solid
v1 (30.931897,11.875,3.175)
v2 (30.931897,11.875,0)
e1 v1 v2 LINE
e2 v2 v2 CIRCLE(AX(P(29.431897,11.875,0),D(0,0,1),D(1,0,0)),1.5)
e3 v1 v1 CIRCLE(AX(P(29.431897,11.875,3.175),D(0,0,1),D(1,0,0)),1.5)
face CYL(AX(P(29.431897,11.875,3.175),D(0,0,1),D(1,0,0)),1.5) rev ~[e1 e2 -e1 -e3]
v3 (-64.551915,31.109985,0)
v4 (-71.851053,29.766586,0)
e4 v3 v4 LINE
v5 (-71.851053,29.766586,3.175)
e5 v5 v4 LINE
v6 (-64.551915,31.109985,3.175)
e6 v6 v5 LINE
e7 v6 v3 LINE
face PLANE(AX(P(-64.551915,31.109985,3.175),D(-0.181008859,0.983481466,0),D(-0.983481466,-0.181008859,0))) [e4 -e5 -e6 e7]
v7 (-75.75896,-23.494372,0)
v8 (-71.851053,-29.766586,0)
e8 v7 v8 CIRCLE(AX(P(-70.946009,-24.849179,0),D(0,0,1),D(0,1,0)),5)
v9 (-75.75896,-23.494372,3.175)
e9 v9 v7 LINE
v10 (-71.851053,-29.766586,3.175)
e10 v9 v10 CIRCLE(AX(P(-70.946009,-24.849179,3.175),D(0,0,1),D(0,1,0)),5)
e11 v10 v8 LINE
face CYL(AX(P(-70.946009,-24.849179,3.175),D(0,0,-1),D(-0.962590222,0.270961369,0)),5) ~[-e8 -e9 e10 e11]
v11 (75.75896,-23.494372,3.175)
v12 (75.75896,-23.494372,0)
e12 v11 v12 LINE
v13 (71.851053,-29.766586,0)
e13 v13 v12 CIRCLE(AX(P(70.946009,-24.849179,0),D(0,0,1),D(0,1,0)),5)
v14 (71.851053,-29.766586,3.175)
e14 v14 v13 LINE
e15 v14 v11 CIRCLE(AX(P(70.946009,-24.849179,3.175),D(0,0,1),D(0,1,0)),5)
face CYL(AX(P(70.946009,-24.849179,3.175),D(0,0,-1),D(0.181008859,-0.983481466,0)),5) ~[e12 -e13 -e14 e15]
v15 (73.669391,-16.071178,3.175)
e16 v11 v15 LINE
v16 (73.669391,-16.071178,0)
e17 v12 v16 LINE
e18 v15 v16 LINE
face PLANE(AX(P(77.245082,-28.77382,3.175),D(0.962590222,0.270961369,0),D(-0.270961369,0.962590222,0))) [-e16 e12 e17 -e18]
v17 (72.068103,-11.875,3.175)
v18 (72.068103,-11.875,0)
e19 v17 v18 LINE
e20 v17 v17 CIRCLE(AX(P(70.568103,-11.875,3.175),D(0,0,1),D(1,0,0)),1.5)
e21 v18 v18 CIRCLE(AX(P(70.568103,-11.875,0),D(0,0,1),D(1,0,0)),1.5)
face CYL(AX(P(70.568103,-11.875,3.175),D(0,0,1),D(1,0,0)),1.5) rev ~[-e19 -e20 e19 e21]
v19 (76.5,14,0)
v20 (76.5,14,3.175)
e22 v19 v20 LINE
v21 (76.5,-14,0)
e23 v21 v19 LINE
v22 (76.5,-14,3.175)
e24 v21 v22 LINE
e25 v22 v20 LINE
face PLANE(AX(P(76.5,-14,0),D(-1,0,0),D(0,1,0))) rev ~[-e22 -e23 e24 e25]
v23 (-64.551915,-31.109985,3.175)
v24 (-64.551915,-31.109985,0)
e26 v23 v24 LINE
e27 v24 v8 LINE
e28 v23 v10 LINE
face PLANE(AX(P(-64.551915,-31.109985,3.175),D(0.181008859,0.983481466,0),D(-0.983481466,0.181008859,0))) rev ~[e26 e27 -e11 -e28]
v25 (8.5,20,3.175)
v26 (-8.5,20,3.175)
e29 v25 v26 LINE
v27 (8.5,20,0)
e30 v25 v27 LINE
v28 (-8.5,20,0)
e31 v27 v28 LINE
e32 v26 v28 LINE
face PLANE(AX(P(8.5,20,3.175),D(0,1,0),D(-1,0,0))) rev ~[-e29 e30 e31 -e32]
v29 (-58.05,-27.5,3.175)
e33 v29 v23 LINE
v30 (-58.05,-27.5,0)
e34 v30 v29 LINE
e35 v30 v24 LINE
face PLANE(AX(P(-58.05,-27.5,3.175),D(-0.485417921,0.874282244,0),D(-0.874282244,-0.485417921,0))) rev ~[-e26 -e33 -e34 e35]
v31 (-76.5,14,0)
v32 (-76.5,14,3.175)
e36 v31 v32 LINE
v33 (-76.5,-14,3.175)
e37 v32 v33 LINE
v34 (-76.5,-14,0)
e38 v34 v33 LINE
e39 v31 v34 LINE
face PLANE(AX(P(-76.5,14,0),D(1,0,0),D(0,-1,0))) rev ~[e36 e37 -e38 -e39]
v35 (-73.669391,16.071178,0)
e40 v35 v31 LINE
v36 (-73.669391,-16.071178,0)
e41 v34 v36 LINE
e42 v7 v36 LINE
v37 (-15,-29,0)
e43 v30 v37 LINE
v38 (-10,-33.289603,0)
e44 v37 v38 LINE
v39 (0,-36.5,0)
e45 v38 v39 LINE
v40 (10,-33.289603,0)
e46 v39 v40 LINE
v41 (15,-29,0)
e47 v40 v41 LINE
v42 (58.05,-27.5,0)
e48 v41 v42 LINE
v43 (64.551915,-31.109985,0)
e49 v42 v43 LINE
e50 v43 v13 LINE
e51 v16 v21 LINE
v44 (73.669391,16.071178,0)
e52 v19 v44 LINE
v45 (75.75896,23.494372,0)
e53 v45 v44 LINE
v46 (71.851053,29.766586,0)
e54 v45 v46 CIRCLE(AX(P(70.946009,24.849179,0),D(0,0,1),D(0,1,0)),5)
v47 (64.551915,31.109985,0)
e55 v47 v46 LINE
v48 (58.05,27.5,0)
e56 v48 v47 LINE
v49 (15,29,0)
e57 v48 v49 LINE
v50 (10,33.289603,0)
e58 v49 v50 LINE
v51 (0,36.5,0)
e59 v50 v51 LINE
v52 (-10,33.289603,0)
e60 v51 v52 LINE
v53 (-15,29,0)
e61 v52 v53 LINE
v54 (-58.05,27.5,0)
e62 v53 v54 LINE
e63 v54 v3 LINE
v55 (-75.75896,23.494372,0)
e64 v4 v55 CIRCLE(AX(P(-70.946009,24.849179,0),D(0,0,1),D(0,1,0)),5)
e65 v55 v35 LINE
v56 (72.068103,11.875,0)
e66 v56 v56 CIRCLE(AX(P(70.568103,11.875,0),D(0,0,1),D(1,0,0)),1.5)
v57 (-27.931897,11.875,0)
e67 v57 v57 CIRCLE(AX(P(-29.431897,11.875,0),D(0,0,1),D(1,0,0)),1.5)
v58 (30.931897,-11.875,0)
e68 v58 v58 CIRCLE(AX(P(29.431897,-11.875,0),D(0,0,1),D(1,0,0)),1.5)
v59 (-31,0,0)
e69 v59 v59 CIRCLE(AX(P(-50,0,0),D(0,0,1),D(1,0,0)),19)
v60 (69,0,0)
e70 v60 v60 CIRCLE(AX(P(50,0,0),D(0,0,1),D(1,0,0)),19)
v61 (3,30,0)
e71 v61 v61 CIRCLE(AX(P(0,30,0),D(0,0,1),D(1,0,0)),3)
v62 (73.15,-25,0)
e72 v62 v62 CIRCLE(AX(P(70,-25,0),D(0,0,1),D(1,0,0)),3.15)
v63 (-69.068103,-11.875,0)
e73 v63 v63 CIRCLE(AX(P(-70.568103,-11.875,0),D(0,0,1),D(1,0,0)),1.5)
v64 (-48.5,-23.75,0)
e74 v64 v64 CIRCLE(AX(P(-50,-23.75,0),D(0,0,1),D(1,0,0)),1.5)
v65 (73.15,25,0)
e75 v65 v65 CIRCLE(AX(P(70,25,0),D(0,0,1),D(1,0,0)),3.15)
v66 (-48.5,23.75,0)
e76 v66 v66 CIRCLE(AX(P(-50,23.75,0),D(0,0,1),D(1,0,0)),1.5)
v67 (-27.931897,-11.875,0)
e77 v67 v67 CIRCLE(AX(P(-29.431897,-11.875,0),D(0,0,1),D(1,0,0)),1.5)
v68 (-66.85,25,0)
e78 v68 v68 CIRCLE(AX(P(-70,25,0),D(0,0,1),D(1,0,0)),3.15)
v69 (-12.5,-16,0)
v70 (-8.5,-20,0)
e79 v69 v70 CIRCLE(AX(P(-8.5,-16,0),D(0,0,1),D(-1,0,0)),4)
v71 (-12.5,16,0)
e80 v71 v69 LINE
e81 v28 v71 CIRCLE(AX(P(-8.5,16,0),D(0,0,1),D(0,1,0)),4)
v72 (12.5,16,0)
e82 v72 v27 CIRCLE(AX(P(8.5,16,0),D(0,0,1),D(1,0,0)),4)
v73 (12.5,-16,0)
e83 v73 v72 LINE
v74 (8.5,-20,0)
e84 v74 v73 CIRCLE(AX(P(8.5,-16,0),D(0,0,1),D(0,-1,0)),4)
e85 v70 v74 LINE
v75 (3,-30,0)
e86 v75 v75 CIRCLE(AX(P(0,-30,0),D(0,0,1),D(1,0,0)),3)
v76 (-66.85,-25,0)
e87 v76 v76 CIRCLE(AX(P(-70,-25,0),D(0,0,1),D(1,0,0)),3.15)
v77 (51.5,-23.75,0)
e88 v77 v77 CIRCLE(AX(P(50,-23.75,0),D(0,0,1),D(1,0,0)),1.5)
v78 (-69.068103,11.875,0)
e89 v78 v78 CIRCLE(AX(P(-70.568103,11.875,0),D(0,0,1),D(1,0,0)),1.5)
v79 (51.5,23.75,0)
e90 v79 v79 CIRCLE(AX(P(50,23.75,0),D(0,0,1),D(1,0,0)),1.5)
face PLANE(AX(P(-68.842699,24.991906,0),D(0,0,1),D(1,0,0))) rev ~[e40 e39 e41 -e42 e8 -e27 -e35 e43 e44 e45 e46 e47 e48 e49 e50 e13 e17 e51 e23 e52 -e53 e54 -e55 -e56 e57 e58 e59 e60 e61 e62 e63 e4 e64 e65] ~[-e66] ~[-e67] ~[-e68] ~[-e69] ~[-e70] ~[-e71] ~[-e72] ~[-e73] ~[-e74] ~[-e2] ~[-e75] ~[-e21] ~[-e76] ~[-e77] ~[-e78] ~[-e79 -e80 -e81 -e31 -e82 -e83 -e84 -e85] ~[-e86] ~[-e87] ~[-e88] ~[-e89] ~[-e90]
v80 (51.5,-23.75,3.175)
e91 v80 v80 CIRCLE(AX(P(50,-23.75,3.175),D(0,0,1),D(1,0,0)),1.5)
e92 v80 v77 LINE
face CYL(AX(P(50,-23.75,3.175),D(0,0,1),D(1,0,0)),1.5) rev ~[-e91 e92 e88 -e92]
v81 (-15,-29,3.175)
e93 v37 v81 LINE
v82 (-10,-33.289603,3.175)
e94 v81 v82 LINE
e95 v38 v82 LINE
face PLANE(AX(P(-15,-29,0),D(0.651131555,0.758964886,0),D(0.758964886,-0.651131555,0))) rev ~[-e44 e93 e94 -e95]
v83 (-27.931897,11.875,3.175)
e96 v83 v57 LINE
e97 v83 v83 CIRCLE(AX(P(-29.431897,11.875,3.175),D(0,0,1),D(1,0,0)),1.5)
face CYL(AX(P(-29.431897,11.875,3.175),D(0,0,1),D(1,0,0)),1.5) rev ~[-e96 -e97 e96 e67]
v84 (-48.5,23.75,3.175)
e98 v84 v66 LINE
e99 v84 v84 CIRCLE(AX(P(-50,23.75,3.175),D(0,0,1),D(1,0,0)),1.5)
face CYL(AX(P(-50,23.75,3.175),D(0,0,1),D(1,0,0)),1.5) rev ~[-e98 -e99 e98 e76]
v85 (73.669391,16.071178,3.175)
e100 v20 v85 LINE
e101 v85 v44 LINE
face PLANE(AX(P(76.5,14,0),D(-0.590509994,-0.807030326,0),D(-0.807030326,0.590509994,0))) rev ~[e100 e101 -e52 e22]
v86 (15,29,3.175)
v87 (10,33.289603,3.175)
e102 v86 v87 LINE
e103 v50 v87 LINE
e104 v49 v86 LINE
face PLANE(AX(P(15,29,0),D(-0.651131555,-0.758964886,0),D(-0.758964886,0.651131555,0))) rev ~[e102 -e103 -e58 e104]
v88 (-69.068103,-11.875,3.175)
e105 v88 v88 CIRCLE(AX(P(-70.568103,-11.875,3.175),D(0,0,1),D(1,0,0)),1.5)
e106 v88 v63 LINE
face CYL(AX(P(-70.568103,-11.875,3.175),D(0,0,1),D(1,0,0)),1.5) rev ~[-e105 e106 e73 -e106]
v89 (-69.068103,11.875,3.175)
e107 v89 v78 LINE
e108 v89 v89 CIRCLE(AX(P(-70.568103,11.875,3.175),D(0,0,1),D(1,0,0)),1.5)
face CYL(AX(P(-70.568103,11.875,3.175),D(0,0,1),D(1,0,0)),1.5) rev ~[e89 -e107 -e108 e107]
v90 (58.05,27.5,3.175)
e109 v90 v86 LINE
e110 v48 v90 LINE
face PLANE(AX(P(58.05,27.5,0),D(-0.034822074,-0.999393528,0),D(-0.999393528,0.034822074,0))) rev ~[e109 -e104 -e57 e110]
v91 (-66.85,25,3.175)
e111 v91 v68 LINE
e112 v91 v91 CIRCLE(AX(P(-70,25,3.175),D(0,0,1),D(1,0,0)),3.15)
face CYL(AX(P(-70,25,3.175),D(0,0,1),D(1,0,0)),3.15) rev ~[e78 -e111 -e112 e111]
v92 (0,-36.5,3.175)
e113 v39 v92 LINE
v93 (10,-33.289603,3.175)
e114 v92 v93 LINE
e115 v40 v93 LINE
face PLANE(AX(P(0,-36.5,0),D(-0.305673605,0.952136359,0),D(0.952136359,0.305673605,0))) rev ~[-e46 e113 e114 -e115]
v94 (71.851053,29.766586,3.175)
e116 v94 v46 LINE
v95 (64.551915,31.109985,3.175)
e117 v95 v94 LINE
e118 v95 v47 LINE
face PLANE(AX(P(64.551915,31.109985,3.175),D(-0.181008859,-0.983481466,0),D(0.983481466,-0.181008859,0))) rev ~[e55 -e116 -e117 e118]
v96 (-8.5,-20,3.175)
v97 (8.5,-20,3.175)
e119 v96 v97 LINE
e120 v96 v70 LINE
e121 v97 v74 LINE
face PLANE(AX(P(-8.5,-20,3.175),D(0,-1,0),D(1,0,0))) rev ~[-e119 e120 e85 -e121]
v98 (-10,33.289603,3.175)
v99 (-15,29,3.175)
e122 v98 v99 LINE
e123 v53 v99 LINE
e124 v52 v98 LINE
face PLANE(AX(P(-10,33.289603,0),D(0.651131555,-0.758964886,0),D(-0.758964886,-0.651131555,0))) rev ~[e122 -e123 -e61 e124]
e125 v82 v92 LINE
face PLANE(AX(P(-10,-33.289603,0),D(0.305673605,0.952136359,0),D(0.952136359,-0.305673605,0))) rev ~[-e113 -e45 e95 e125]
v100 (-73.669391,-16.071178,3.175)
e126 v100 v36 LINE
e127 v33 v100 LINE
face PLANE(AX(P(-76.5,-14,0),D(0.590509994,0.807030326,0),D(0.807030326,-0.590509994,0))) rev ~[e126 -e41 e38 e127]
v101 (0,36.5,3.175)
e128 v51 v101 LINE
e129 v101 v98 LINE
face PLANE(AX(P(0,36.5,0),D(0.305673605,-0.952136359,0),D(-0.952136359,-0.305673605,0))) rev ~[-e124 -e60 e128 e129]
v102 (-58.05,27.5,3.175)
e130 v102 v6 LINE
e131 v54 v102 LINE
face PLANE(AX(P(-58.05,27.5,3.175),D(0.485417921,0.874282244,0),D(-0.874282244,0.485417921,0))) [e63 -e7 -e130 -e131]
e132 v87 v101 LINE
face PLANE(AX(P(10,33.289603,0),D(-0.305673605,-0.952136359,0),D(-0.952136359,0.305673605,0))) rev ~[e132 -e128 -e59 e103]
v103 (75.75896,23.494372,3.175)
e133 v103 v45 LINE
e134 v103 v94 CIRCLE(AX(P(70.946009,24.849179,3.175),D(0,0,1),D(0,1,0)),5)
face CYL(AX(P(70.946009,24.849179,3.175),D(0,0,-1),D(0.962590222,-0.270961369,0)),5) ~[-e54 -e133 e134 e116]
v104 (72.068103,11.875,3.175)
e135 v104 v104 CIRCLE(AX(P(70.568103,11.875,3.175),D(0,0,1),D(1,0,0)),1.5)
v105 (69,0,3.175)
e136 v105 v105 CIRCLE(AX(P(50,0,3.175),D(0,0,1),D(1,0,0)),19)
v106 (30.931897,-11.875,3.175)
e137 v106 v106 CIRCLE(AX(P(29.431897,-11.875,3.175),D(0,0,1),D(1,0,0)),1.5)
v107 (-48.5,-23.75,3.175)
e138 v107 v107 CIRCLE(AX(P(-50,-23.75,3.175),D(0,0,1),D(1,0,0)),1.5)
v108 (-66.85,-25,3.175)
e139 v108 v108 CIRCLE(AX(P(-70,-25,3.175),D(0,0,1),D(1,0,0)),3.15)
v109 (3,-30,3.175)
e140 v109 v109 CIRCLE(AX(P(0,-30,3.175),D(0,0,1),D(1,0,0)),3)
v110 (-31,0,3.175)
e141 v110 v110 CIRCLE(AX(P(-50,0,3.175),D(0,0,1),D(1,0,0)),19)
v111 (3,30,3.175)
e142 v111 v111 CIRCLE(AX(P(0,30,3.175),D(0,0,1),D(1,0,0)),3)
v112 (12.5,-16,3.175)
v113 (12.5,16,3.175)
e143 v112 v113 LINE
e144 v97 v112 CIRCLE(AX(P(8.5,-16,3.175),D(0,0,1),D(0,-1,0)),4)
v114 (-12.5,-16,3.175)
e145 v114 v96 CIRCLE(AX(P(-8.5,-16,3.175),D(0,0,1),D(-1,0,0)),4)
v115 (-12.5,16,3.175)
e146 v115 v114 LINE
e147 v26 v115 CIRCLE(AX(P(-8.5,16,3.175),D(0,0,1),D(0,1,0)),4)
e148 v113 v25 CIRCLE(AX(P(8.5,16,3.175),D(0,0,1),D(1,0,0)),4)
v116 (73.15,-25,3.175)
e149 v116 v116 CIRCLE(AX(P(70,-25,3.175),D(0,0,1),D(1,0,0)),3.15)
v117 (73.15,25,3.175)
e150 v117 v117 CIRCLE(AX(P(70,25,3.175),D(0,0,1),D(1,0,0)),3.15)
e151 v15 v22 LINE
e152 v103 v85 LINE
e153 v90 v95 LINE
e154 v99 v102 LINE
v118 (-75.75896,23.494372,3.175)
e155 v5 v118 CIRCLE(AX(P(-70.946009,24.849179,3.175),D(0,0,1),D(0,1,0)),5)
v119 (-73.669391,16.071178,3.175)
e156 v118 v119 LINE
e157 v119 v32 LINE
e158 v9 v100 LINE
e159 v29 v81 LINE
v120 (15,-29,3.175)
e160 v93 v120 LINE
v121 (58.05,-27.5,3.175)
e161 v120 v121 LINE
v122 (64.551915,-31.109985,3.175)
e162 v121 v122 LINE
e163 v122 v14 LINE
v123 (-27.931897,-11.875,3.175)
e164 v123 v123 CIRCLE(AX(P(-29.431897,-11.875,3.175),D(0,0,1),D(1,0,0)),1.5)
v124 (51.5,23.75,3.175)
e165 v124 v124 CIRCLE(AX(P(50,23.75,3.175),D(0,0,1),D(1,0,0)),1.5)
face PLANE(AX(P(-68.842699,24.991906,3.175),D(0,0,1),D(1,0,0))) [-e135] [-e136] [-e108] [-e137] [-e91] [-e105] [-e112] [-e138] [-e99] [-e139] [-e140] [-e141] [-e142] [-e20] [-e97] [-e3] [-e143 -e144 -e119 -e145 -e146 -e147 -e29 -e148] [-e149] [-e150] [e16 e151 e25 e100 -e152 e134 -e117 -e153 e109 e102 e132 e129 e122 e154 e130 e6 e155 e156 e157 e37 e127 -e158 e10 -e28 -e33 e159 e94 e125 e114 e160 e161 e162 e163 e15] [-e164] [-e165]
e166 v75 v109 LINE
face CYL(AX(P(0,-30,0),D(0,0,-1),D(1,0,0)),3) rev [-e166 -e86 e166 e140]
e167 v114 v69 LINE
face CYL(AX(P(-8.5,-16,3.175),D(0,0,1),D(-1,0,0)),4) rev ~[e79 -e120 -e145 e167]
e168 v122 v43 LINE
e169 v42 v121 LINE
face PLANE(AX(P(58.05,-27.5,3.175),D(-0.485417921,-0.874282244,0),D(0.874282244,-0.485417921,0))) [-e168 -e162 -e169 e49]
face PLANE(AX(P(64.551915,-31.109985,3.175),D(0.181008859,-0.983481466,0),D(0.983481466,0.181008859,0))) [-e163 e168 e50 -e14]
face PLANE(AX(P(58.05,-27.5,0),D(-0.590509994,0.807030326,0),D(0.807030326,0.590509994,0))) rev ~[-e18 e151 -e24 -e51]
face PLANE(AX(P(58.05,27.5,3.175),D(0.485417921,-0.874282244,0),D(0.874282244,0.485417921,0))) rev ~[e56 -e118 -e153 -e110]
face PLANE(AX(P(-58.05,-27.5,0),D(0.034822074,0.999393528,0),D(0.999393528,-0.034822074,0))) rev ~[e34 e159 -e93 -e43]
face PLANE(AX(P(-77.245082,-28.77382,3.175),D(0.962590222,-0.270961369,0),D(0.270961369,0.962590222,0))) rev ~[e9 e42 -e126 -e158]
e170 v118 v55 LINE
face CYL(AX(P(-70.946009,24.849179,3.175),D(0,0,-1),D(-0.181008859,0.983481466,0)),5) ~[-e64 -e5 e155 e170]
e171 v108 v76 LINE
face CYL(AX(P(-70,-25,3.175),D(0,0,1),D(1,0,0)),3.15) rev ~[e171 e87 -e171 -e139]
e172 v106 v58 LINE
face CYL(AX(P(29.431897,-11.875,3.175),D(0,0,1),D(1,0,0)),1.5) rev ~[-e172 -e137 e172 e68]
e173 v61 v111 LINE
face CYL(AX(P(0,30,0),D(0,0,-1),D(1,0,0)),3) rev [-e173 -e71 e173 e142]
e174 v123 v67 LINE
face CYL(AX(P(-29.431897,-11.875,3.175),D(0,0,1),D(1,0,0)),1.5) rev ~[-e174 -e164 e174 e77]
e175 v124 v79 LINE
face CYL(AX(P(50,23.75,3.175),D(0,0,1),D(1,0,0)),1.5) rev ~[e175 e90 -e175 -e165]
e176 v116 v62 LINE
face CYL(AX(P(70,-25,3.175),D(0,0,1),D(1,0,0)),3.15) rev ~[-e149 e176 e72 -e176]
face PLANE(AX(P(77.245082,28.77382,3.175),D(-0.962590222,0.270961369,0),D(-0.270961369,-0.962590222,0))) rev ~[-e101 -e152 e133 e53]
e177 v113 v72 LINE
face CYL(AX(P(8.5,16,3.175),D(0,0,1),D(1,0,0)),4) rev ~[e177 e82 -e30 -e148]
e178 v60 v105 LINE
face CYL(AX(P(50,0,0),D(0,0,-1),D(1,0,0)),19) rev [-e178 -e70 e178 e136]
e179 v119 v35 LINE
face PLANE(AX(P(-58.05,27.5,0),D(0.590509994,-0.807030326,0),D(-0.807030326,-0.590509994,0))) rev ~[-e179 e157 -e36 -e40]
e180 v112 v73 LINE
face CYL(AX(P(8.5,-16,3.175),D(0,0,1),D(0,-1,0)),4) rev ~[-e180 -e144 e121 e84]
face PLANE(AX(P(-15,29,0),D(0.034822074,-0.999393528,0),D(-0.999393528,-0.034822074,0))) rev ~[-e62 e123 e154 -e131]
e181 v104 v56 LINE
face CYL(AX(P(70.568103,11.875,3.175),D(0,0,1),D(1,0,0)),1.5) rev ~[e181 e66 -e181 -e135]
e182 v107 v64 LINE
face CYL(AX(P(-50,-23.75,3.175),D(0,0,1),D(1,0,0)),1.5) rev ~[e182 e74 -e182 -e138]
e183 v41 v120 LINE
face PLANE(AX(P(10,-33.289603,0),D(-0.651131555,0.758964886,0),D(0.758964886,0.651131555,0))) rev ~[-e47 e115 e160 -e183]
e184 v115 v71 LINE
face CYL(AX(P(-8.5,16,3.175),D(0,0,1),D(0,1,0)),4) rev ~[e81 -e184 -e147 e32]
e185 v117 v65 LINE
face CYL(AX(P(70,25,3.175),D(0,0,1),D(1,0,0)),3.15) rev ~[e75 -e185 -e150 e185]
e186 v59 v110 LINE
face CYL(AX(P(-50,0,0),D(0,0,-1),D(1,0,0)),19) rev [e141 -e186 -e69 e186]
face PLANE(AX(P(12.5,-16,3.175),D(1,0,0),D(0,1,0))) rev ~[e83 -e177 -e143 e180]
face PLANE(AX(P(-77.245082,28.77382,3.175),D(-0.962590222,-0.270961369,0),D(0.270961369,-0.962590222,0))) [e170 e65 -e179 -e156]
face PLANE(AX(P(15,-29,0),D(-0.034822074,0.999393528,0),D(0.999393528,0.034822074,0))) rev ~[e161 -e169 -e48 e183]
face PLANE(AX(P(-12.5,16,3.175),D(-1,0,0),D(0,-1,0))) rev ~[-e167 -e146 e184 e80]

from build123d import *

# Parameters (mm, degrees)
SKETCH1_R           = 3
SKETCH1_R_2         = 19
BOSS_EXTRUDE1_DEPTH = 3.175
CUT_EXTRUDE1_DEPTH  = 4.175
SKETCH3_R           = 3.15
BOSS_EXTRUDE2_DEPTH = 3.175
FILLET1_R           = 5
SKETCH4_R           = 1.5
CUT_EXTRUDE2_DEPTH  = 4.175


with BuildPart() as part:
    # Sketch1 → Boss-Extrude1 (new body)
    with BuildSketch(Plane.XY):
        Polygon((0, 36.5), (-10, 33.28960264), (-15, 29), (-58.05, 27.5), (-76.5, 14), (-76.5, -14), (-58.05, -27.5), (-15, -29), (-10, -33.28960264), (0, -36.5), (10, -33.28960264), (15, -29), (58.05, -27.5), (76.5, -14), (76.5, 14), (58.05, 27.5), (15, 29), (10, 33.28960264), align=None)
        with Locations((0, 30)):
            Circle(SKETCH1_R, mode=Mode.SUBTRACT)
        with Locations((-50, 0)):
            Circle(SKETCH1_R_2, mode=Mode.SUBTRACT)
        with Locations((50, 0)):
            Circle(SKETCH1_R_2, mode=Mode.SUBTRACT)
        with Locations((0, -30)):
            Circle(SKETCH1_R, mode=Mode.SUBTRACT)
    extrude(amount=BOSS_EXTRUDE1_DEPTH)

    # Sketch2 → Cut-Extrude1 (cut, through all)
    with BuildSketch(Plane.XY.offset(3.175)):
        with BuildLine():
            Line((8.5, 20), (-8.5, 20))
            ThreePointArc((-8.5, 20), (-11.328427125, 18.828427125), (-12.5, 16))
            Line((-12.5, 16), (-12.5, -16))
            ThreePointArc((-12.5, -16), (-11.328427125, -18.828427125), (-8.5, -20))
            Line((-8.5, -20), (8.5, -20))
            ThreePointArc((8.5, -20), (11.328427125, -18.828427125), (12.5, -16))
            Line((12.5, -16), (12.5, 16))
            ThreePointArc((12.5, 16), (11.328427125, 18.828427125), (8.5, 20))
        make_face()
    extrude(amount=-CUT_EXTRUDE1_DEPTH, mode=Mode.SUBTRACT)

    # Sketch3 → Boss-Extrude2 (add)
    with BuildSketch(Plane.XY.offset(3.175)):
        Polygon((-58.05, 27.5), (-64.551915182, 31.10998542), (-77.245081729, 28.773819798), (-73.669390597, 16.071177612), align=None)
        with Locations((-70, 25)):
            Circle(SKETCH3_R, mode=Mode.SUBTRACT)
        Polygon((73.669390597, 16.071177612), (58.05, 27.5), (64.551915182, 31.10998542), (77.245081729, 28.773819798), align=None)
        with Locations((70, 25)):
            Circle(SKETCH3_R, mode=Mode.SUBTRACT)
        Polygon((58.05, -27.5), (64.551915182, -31.10998542), (77.245081729, -28.773819798), (73.669390597, -16.071177612), align=None)
        with Locations((70, -25)):
            Circle(SKETCH3_R, mode=Mode.SUBTRACT)
        Polygon((-73.669390597, -16.071177612), (-58.05, -27.5), (-64.551915182, -31.10998542), (-77.245081729, -28.773819798), align=None)
        with Locations((-70, -25)):
            Circle(SKETCH3_R, mode=Mode.SUBTRACT)
    extrude(amount=-BOSS_EXTRUDE2_DEPTH)

    # Fillet1
    fillet1_edges = [part.edges().sort_by_distance(p)[0] for p in [
        (77.245081729, 28.773819798, 1.5875),
        (77.245081729, -28.773819798, 1.5875),
        (-77.245081729, -28.773819798, 1.5875),
        (-77.245081729, 28.773819798, 1.5875),
    ]]
    fillet(fillet1_edges, radius=FILLET1_R)

    # Sketch4 → Cut-Extrude2 (cut, through all)
    with BuildSketch(Plane.XY.offset(3.175)):
        with Locations((-50, 23.75)):
            Circle(SKETCH4_R)
        with Locations((-70.56810334, 11.875)):
            Circle(SKETCH4_R)
        with Locations((-70.56810334, -11.875)):
            Circle(SKETCH4_R)
        with Locations((-50, -23.75)):
            Circle(SKETCH4_R)
        with Locations((-29.43189666, -11.875)):
            Circle(SKETCH4_R)
        with Locations((-29.43189666, 11.875)):
            Circle(SKETCH4_R)
        with Locations((29.43189666, 11.875)):
            Circle(SKETCH4_R)
        with Locations((29.43189666, -11.875)):
            Circle(SKETCH4_R)
        with Locations((50, -23.75)):
            Circle(SKETCH4_R)
        with Locations((70.56810334, -11.875)):
            Circle(SKETCH4_R)
        with Locations((70.56810334, 11.875)):
            Circle(SKETCH4_R)
        with Locations((50, 23.75)):
            Circle(SKETCH4_R)
    extrude(amount=-CUT_EXTRUDE2_DEPTH, mode=Mode.SUBTRACT)


solid = part.part
